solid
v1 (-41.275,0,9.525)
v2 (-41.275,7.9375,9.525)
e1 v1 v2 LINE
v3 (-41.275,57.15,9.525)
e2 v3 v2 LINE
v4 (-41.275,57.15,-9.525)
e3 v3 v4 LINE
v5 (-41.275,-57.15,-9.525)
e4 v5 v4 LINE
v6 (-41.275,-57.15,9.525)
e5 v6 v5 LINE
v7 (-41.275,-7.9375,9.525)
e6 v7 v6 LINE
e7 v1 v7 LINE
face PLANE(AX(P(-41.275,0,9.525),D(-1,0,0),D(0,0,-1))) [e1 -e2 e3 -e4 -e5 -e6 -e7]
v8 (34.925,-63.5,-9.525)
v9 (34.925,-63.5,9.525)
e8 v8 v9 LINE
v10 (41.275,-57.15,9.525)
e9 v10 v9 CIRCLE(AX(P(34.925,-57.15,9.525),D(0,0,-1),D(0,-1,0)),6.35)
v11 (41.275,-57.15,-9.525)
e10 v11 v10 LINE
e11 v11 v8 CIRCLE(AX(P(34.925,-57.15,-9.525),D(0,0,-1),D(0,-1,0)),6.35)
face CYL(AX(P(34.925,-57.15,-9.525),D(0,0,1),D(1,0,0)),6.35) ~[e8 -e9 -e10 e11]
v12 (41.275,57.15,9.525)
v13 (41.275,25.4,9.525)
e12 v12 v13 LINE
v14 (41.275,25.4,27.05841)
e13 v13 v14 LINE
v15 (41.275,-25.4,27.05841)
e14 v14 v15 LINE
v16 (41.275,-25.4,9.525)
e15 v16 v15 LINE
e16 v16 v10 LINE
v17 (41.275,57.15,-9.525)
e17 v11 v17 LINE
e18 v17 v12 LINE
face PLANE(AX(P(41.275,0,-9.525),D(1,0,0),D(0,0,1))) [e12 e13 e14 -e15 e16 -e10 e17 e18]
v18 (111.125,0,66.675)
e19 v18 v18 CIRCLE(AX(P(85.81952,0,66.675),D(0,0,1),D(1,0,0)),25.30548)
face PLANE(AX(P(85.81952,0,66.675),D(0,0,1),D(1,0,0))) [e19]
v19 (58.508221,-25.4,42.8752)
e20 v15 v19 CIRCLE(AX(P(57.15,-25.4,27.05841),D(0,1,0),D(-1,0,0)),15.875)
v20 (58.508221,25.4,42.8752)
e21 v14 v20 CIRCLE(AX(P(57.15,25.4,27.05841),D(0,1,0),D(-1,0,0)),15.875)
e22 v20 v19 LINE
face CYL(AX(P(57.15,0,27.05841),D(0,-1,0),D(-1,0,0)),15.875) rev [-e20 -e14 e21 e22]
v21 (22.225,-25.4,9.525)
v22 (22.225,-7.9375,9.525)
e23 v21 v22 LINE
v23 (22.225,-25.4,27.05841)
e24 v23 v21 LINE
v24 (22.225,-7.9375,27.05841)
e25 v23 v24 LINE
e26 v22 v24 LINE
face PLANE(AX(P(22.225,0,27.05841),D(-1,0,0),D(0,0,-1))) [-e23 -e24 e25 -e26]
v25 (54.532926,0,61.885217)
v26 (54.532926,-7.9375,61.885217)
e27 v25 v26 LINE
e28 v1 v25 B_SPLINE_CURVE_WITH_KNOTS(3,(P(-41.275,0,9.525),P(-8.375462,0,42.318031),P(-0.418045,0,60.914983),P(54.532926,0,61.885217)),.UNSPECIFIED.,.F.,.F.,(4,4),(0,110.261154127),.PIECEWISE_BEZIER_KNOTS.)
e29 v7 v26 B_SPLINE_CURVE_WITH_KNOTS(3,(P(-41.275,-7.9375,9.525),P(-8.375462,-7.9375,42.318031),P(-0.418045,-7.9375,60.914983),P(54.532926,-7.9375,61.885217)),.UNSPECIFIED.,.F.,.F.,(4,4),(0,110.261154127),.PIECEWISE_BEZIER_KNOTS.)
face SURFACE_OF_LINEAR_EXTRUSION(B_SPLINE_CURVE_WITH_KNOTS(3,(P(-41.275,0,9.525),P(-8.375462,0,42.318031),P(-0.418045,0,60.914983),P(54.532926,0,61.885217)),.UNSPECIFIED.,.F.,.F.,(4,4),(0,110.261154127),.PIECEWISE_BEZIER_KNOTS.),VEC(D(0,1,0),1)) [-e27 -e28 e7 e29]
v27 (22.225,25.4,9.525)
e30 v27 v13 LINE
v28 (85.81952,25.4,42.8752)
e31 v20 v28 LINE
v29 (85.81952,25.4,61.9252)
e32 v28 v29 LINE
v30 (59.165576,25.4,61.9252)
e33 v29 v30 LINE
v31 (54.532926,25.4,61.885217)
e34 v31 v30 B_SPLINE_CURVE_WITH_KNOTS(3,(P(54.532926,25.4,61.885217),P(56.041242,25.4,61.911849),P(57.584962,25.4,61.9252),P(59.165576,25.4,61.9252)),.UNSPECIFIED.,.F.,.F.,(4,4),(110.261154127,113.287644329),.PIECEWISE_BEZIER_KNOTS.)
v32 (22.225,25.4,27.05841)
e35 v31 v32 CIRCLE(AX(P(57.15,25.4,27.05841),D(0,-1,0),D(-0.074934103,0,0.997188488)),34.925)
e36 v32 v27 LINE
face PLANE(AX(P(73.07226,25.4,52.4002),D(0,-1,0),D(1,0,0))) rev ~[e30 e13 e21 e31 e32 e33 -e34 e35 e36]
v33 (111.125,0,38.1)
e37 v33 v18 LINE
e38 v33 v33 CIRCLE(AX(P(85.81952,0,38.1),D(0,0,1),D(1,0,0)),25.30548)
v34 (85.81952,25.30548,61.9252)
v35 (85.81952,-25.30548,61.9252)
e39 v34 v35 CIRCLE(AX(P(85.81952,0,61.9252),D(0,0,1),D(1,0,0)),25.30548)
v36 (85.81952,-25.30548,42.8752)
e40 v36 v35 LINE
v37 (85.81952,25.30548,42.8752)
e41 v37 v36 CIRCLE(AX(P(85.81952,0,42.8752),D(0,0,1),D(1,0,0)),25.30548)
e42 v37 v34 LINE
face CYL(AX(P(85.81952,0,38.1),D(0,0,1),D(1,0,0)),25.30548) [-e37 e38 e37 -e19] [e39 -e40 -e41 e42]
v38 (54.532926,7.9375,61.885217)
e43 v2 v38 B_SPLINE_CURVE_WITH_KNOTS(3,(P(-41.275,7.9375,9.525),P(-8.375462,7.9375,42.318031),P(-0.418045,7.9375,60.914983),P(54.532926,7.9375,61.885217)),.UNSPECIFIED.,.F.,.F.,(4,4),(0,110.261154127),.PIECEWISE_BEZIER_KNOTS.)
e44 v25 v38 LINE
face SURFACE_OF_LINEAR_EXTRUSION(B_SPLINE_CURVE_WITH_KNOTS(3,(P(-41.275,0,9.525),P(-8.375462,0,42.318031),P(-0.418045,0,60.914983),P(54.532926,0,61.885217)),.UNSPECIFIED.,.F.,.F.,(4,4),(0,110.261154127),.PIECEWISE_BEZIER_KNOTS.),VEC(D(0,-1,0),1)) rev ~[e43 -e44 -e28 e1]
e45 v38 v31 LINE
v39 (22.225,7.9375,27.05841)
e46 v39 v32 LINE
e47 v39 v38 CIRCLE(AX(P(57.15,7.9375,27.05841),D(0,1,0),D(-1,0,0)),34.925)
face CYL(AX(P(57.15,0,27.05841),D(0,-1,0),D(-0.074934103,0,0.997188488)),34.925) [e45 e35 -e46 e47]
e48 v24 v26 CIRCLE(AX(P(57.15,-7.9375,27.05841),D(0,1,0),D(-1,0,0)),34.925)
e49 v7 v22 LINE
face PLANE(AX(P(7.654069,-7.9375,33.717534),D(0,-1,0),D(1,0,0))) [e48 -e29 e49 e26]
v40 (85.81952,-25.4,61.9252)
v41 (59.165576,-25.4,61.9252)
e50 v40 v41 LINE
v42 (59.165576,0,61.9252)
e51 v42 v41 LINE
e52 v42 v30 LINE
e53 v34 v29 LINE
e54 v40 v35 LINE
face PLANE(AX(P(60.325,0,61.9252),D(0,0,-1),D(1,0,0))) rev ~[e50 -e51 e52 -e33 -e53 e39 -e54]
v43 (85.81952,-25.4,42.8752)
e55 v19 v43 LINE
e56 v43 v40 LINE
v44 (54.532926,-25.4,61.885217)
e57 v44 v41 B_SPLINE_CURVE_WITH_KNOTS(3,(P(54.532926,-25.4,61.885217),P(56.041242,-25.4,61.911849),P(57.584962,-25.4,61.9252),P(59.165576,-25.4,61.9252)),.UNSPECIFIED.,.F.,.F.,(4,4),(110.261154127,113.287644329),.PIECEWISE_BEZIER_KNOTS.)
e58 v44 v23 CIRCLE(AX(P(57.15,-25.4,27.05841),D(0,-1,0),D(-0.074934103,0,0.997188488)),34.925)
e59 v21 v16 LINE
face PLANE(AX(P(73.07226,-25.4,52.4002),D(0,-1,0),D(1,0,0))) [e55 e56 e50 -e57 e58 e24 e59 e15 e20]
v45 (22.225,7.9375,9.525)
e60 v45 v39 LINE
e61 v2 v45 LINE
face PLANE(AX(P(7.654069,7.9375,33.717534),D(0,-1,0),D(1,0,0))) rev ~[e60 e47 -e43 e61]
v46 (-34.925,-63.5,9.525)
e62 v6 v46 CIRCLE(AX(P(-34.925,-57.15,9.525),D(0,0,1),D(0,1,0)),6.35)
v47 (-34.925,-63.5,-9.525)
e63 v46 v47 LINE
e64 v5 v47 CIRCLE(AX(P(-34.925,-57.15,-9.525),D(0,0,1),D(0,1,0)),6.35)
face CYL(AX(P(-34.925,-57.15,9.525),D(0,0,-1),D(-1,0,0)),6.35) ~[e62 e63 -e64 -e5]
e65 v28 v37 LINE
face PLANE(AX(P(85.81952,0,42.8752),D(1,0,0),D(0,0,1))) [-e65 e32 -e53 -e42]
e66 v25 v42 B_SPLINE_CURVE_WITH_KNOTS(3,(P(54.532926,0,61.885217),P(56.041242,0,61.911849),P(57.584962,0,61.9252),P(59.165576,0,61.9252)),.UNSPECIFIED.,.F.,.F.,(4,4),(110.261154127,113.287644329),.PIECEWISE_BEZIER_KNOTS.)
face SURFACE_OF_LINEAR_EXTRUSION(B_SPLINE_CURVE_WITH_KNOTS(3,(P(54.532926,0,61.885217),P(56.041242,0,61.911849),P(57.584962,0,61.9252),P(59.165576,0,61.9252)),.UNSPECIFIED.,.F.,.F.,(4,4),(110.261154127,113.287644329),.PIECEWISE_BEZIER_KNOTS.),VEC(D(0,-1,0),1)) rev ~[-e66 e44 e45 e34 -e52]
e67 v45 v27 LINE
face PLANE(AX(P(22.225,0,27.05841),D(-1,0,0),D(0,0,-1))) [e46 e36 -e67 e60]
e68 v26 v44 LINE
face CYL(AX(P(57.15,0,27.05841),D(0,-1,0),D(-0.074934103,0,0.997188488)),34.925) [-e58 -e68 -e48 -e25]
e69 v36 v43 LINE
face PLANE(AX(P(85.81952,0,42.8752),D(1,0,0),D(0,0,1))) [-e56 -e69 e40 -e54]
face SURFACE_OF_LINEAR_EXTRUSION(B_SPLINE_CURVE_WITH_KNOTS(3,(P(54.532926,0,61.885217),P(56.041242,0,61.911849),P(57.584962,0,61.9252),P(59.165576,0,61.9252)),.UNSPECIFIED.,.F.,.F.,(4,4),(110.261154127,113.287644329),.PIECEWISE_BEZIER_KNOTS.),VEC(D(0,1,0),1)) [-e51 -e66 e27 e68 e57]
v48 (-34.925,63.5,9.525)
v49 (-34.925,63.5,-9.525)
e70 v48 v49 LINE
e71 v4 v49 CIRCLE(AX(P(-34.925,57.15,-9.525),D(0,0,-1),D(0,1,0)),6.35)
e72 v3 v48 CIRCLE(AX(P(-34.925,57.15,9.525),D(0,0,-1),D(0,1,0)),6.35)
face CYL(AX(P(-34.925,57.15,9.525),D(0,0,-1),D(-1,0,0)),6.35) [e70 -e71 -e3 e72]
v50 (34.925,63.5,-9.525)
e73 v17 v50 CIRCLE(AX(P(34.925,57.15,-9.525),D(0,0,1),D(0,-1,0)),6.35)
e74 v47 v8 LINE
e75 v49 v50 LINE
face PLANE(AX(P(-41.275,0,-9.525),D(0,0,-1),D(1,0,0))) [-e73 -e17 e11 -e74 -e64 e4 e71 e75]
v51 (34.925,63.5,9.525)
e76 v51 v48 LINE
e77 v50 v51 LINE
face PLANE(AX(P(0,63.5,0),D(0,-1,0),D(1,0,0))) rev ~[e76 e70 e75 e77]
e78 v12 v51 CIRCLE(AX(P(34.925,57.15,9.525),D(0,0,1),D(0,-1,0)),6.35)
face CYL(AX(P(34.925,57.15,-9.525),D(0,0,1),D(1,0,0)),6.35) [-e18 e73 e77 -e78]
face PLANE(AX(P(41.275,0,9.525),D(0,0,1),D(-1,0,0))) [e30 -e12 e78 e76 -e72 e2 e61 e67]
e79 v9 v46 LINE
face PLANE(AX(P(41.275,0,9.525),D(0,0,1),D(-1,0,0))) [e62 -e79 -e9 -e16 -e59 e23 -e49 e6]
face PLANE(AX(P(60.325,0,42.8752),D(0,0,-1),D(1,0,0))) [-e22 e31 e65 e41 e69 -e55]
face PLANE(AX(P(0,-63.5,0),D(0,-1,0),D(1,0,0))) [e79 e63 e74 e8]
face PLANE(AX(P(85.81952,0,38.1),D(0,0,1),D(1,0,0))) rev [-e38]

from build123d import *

# Parameters (mm, degrees)
F1_DEPTH = 63.5
F2_DEPTH = 25.4
F3_DEPTH = 7.9375
F0_W     = 25.4945200562
F0_H     = 19.05
F4_DEPTH = 25.4
F6_R     = 6.35


with BuildPart() as f1:
    # F0 (on Front) → F1 (new body, symmetric)
    with BuildSketch(Plane.XZ):
        Polygon((41.275, -9.525), (41.275, 9.525), (22.225, 9.525), (-41.275, 9.525), (-41.275, -9.525), align=None)
    extrude(amount=F1_DEPTH, both=True)

    # F0 (on Front) → F2 (join, symmetric)
    with BuildSketch(Plane.XZ):
        with BuildLine():
            Line((22.225, 9.525), (41.275, 9.525))
            Line((41.275, 9.525), (41.275, 27.0584095458))
            ThreePointArc((41.275, 27.0584095458), (46.4156191601, 38.7540793849), (58.5082211633, 42.8752))
            Line((58.5082211633, 42.8752), (60.325, 42.8752))
            Line((60.325, 42.8752), (60.325, 61.9252))
            Line((60.325, 61.9252), (59.1655764496, 61.9252))
            add(Edge.make_bspline(
                [(54.5329264401, 61.8852174814), (56.041241649, 61.9118488453), (57.5849624427, 61.9252), (59.1655764496, 61.9252)],
                knots=[110.2611541265, 110.2611541265, 110.2611541265, 110.2611541265, 113.2876443288, 113.2876443288, 113.2876443288, 113.2876443288], degree=3))
            ThreePointArc((54.5329264401, 61.8852174814), (31.5457335676, 50.8108234328), (22.225, 27.0584095458))
            Line((22.225, 27.0584095458), (22.225, 9.525))
        make_face()
    extrude(amount=F2_DEPTH, both=True)

    # F0 (on Front) → F3 (join, symmetric)
    with BuildSketch(Plane.XZ):
        with BuildLine():
            Line((-41.275, 9.525), (22.225, 9.525))
            Line((22.225, 9.525), (22.225, 27.0584095458))
            ThreePointArc((22.225, 27.0584095458), (31.5457335676, 50.8108234328), (54.5329264401, 61.8852174814))
            add(Edge.make_bspline(
                [(-41.275, 9.525), (-8.3754615169, 42.3180313799), (-0.4180446882, 60.9149830772), (54.5329264401, 61.8852174814)],
                knots=[0, 0, 0, 0, 110.2611541265, 110.2611541265, 110.2611541265, 110.2611541265], degree=3))
        make_face()
    extrude(amount=F3_DEPTH, both=True)

    # F0 (on Front) → F4 (join, symmetric)
    with BuildSketch(Plane.XZ):
        with Locations((73.0722600281, 52.4002)):
            Rectangle(F0_W, F0_H)
    extrude(amount=F4_DEPTH, both=True)

    # F0 (on Front) → F5 (revolve)
    with BuildSketch(Plane.XZ):
        Polygon((85.8195200562, 61.9252), (85.8195200562, 42.8752), (85.8195200562, 38.1), (111.125, 38.1), (111.125, 66.675), (85.8195200562, 66.675), align=None)
    revolve(axis=Axis((85.8195200562, 0, 52.3875), (0, 0, 1)))

    # F6
    f6_edges = [f1.edges().sort_by_distance(p)[0] for p in [
        (41.275, -63.5, 0),
        (-41.275, -63.5, 0),
        (41.275, 63.5, 0),
        (-41.275, 63.5, 0),
    ]]
    fillet(f6_edges, radius=F6_R)


solid = f1.part
